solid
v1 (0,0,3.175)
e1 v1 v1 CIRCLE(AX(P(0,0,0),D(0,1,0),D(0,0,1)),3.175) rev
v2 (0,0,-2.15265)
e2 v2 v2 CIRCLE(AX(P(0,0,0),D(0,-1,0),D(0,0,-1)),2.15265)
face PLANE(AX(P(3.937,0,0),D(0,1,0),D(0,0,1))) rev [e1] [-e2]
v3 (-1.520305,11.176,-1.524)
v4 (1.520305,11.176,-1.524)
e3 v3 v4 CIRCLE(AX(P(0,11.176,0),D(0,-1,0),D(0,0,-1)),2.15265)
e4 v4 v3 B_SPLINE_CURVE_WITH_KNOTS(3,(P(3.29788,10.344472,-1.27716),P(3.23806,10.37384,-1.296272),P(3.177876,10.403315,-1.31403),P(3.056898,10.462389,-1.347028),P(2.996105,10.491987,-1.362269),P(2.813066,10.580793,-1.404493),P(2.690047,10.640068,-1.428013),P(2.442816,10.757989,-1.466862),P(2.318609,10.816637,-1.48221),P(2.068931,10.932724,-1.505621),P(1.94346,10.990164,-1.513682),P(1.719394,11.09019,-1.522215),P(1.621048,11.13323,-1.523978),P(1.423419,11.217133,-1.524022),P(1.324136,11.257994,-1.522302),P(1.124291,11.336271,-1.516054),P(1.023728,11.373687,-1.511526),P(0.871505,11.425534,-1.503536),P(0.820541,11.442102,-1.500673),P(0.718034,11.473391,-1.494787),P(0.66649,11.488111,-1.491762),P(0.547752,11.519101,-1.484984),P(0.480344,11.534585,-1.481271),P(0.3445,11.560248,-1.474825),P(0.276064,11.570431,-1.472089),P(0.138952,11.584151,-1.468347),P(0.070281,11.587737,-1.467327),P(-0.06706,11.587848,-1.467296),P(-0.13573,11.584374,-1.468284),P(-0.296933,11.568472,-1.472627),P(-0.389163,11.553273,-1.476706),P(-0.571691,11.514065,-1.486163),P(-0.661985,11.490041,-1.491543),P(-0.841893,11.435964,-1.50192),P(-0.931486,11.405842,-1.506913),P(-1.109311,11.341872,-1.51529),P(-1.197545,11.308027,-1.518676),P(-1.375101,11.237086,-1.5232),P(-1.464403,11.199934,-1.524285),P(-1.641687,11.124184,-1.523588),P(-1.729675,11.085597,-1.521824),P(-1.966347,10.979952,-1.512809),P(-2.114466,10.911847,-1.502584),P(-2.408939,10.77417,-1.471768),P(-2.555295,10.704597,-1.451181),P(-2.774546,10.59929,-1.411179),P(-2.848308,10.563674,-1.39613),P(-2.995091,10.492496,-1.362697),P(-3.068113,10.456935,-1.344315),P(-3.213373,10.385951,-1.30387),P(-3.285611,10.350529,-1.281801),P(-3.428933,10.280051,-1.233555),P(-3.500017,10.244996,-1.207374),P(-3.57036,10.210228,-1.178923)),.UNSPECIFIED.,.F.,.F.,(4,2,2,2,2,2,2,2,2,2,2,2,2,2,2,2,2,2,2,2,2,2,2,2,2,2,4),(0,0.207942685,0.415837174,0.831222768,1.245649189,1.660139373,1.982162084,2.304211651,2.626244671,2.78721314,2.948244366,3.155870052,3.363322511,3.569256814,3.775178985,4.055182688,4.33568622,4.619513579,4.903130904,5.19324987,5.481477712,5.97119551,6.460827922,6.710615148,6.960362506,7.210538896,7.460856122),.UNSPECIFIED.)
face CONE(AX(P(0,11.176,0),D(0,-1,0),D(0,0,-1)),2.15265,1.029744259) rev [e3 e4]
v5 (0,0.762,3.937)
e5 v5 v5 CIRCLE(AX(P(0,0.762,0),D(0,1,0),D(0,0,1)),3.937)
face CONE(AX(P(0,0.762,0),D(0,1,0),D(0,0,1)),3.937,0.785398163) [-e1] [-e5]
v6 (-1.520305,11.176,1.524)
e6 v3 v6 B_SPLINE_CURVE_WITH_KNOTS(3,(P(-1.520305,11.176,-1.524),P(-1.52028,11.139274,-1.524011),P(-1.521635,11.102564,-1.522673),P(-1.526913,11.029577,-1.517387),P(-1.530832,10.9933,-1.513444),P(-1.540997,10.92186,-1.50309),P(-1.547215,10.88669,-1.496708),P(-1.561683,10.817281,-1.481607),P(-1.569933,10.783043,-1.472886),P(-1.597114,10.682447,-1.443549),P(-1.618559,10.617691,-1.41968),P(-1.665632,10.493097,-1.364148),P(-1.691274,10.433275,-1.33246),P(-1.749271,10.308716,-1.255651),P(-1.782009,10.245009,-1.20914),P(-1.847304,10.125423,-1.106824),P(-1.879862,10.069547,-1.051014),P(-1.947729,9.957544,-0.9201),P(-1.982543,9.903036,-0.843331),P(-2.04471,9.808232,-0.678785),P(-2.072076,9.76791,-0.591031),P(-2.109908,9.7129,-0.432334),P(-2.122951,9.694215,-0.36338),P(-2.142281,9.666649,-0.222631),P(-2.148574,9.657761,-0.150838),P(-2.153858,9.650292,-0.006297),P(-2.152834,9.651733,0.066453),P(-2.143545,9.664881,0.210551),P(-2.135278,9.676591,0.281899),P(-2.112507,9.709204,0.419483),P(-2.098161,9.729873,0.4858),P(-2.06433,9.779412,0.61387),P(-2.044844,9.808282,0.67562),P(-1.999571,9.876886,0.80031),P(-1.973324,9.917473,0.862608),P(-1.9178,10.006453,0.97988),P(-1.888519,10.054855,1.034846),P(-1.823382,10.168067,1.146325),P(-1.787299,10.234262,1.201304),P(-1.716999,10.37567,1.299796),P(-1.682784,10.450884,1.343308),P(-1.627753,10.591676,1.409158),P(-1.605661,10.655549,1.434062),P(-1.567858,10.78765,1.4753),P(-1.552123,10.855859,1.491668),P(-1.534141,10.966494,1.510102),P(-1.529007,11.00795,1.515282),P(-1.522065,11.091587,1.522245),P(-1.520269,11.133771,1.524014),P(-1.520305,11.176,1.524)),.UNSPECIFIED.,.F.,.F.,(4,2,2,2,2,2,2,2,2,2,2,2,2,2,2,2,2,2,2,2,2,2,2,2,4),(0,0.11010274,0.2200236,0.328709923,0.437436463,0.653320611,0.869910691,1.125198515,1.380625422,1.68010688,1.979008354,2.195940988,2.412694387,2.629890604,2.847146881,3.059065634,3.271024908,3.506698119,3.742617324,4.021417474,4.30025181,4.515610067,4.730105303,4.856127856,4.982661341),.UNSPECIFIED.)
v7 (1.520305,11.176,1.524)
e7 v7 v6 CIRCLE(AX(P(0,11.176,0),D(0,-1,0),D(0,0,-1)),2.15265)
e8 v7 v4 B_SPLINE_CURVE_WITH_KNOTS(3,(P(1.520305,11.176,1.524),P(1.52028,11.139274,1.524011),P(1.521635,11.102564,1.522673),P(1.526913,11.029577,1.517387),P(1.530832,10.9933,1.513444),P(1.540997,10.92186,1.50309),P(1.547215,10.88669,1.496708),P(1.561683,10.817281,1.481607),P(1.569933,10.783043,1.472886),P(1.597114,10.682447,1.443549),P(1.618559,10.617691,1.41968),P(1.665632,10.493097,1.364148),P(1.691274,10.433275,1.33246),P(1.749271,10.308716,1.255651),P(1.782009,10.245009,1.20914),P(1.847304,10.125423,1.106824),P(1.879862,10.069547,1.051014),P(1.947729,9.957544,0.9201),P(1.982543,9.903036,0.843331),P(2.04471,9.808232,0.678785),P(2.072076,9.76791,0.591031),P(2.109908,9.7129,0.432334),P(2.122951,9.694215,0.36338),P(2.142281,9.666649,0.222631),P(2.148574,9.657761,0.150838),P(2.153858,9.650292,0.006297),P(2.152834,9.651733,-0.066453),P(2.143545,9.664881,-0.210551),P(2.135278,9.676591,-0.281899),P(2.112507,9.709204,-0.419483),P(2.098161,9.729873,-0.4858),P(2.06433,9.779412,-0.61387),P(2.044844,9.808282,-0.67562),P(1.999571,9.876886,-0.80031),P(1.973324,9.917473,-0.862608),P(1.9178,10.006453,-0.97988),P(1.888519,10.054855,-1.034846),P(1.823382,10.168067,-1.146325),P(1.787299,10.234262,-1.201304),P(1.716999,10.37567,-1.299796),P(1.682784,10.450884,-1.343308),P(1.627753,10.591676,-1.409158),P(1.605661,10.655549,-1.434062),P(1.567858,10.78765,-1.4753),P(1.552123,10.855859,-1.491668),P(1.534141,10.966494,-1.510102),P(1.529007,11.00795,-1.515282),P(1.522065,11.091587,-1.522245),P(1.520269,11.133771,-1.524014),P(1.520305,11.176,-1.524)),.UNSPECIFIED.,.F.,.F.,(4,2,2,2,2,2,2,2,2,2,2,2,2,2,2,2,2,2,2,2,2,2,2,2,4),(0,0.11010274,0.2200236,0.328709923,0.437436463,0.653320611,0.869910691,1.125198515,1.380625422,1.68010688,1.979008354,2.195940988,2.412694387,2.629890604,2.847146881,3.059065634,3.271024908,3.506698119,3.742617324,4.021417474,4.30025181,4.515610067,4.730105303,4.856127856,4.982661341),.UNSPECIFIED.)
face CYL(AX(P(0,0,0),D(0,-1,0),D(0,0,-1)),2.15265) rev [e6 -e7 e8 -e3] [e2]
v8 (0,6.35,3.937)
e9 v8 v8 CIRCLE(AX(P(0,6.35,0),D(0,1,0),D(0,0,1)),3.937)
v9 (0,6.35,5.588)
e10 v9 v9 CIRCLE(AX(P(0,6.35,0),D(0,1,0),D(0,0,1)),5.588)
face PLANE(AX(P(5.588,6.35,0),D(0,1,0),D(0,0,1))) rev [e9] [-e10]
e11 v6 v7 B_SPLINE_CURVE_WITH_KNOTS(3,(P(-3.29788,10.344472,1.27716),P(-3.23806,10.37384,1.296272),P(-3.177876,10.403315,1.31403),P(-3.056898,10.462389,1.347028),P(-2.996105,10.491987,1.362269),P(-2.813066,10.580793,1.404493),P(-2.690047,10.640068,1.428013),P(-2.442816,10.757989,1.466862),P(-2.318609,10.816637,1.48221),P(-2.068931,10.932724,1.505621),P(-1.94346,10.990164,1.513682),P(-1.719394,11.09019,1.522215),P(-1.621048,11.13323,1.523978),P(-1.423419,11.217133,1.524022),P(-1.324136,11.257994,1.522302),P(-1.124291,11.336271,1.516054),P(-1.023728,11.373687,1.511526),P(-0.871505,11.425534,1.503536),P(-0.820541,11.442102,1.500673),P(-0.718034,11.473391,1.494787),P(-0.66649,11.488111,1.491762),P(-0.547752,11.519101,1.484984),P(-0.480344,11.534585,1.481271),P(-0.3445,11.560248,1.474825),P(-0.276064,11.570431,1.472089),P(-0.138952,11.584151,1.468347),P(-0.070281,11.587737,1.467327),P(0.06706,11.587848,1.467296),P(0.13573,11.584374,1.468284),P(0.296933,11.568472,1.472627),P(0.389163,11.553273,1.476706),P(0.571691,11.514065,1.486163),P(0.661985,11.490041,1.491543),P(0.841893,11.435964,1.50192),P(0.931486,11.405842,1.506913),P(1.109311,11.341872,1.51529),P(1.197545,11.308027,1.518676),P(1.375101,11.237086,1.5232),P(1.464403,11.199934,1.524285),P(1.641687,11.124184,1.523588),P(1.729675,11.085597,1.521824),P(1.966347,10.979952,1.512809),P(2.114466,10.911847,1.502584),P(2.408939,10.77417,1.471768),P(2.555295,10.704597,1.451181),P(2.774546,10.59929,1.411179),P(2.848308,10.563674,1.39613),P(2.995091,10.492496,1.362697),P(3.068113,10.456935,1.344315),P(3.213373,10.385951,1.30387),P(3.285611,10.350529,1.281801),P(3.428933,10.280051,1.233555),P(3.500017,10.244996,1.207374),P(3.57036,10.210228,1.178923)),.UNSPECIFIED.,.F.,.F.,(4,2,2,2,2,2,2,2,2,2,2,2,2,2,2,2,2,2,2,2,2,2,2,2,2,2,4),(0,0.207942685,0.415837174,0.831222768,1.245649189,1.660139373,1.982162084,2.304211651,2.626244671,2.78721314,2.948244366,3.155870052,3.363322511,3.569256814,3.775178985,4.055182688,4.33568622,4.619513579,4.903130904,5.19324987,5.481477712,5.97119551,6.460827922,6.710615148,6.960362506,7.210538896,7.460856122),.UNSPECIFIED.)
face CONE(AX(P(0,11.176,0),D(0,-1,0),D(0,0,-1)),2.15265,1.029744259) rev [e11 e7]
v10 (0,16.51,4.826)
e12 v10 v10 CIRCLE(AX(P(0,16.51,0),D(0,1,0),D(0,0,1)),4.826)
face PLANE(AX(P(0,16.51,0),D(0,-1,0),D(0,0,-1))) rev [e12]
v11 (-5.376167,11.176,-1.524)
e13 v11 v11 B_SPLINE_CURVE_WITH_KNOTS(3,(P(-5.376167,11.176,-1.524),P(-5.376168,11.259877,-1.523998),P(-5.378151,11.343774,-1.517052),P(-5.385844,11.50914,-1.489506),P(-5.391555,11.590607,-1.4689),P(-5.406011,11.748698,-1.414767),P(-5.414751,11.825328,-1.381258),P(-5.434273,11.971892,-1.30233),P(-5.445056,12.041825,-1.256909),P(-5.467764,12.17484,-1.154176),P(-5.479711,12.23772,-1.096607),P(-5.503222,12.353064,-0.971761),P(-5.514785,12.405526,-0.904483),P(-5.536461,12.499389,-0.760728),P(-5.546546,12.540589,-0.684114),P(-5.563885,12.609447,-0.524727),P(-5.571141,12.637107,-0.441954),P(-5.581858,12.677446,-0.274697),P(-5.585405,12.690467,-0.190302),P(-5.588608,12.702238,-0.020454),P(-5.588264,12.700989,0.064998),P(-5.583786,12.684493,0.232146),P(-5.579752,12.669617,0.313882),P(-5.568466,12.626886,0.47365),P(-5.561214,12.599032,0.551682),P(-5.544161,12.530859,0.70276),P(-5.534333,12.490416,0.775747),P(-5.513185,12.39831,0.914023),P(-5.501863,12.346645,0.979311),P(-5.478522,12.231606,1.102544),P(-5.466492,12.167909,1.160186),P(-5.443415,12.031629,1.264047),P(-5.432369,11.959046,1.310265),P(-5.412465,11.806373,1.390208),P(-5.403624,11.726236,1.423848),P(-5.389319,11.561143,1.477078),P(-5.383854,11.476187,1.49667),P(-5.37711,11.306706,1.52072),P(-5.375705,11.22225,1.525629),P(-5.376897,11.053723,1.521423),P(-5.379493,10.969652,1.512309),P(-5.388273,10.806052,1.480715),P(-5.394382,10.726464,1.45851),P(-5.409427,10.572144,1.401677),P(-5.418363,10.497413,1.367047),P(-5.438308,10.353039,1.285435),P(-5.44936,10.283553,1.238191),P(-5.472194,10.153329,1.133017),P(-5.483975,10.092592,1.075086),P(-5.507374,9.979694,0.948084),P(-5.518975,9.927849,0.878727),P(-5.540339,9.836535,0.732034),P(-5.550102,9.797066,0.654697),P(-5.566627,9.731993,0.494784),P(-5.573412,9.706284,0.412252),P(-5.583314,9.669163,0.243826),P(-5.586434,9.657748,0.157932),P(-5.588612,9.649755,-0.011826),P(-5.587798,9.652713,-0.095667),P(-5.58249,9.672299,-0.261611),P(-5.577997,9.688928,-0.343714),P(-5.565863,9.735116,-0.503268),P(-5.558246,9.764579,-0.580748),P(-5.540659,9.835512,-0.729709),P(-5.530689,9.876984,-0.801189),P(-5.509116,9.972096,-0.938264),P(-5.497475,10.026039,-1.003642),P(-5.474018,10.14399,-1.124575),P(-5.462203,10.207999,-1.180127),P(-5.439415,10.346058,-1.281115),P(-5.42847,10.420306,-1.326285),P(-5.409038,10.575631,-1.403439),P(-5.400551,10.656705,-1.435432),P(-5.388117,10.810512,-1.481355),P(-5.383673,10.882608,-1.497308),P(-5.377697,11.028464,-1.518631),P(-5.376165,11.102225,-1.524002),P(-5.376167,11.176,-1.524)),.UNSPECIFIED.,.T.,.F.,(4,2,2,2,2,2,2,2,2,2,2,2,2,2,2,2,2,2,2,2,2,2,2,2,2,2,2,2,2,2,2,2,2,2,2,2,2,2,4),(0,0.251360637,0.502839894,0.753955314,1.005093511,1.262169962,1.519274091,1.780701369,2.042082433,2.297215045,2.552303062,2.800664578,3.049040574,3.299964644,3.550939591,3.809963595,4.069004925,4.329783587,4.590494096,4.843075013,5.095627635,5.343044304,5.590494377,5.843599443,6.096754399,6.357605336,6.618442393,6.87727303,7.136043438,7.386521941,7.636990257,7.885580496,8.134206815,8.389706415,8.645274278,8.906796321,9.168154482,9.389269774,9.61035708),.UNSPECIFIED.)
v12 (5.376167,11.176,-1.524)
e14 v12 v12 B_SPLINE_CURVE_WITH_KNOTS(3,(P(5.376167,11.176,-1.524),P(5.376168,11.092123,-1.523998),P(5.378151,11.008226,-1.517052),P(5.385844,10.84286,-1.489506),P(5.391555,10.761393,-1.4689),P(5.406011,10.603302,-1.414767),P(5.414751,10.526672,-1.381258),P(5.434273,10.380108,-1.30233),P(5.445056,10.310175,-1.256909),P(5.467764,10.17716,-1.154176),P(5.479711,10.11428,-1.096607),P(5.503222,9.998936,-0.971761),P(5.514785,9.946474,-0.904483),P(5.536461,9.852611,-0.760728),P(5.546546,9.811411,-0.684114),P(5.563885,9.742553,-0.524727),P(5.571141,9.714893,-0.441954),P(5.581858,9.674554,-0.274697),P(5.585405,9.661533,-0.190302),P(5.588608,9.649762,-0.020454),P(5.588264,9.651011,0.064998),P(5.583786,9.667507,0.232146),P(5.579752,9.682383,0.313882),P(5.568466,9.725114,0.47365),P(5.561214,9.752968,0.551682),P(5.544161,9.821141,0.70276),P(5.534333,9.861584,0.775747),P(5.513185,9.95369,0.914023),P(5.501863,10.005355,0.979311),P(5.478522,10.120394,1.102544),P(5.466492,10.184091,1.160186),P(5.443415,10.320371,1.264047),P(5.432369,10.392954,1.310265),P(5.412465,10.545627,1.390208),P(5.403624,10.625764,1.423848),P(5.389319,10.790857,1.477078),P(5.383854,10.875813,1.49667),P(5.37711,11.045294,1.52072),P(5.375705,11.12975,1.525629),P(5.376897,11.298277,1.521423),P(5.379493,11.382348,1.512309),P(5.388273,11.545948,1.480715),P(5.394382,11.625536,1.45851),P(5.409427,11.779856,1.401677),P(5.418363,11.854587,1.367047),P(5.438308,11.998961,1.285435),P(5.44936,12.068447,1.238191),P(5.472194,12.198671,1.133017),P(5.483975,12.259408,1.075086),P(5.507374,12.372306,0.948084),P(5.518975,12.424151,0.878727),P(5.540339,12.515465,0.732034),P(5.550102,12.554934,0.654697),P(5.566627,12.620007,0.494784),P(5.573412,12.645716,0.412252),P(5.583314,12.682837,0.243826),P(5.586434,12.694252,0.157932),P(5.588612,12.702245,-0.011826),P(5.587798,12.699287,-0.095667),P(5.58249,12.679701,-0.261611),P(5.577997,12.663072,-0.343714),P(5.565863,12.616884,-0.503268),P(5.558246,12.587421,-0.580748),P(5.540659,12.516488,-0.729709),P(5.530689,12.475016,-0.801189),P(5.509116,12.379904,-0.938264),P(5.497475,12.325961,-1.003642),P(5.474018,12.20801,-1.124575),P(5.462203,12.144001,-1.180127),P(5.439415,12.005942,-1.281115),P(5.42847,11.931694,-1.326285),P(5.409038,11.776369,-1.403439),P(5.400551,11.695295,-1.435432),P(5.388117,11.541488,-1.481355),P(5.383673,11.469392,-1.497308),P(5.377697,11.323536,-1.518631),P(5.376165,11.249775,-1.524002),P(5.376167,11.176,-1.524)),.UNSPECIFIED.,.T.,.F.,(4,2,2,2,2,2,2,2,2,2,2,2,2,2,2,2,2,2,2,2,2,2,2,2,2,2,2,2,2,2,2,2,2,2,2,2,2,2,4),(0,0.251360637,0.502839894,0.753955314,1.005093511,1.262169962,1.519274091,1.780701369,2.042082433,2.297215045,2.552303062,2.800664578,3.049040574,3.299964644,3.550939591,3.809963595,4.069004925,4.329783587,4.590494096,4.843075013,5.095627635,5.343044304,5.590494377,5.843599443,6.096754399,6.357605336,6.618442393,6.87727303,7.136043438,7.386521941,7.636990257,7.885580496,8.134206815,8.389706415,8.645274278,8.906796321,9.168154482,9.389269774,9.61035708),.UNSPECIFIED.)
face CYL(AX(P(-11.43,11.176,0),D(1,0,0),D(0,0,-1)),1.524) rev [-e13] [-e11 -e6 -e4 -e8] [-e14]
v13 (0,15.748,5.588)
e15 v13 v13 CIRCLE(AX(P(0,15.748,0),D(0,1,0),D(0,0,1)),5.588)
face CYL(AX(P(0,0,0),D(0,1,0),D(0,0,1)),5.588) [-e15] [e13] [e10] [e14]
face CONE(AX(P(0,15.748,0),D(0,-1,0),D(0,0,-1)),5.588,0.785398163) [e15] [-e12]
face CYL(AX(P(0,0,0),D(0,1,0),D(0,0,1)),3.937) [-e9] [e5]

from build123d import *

# Parameters (mm, degrees)
F_18_0_1695_DIAMETER_HOLE1_D     = 4.3053
F_18_0_1695_DIAMETER_HOLE1_DEPTH = 11.176
F_18_0_1695_DIAMETER_HOLE1_TIP   = 1.293442612
SKETCH4_R                        = 1.524
CUT_EXTRUDE1_DEPTH               = 11.43
CHAMFER1_SIZE                    = 0.762


with BuildPart() as part:
    # Sketch1 → Revolve1 (revolve)
    with BuildSketch(Plane.XY, mode=Mode.PRIVATE) as revolve1_sk:
        Polygon((0, 0), (0, 16.51), (4.826, 16.51), (5.588, 15.748), (5.588, 6.35), (3.937, 6.35), (3.937, 0), align=None)
    revolve(revolve1_sk.sketch.rotate(Axis((0, 0, 0), (0, -1, 0)), 90), axis=Axis((0, 0, 0), (0, -1, 0)))

    # #18 (0.1695) Diameter Hole1
    with Locations(Plane.XZ):
        with Locations((0, 0)):
            Hole(F_18_0_1695_DIAMETER_HOLE1_D / 2, depth=F_18_0_1695_DIAMETER_HOLE1_DEPTH)
            with Locations((0, 0, -(F_18_0_1695_DIAMETER_HOLE1_DEPTH + F_18_0_1695_DIAMETER_HOLE1_TIP / 2))):  # 118° drill point
                Cone(0, F_18_0_1695_DIAMETER_HOLE1_D / 2, F_18_0_1695_DIAMETER_HOLE1_TIP, mode=Mode.SUBTRACT)

    # Sketch4 → Cut-Extrude1 (cut, symmetric)
    with BuildSketch(Plane(origin=(0, 0, 0), x_dir=(0, 0, -1), z_dir=(1, 0, 0))):
        with Locations((0, 11.176)):
            Circle(SKETCH4_R)
    extrude(amount=CUT_EXTRUDE1_DEPTH, both=True, mode=Mode.SUBTRACT)

    # Chamfer1
    chamfer1_edges = [part.edges().sort_by_distance(p)[0] for p in [
        (0, 0, -3.937),
    ]]
    chamfer(chamfer1_edges, length=CHAMFER1_SIZE)


solid = part.part
